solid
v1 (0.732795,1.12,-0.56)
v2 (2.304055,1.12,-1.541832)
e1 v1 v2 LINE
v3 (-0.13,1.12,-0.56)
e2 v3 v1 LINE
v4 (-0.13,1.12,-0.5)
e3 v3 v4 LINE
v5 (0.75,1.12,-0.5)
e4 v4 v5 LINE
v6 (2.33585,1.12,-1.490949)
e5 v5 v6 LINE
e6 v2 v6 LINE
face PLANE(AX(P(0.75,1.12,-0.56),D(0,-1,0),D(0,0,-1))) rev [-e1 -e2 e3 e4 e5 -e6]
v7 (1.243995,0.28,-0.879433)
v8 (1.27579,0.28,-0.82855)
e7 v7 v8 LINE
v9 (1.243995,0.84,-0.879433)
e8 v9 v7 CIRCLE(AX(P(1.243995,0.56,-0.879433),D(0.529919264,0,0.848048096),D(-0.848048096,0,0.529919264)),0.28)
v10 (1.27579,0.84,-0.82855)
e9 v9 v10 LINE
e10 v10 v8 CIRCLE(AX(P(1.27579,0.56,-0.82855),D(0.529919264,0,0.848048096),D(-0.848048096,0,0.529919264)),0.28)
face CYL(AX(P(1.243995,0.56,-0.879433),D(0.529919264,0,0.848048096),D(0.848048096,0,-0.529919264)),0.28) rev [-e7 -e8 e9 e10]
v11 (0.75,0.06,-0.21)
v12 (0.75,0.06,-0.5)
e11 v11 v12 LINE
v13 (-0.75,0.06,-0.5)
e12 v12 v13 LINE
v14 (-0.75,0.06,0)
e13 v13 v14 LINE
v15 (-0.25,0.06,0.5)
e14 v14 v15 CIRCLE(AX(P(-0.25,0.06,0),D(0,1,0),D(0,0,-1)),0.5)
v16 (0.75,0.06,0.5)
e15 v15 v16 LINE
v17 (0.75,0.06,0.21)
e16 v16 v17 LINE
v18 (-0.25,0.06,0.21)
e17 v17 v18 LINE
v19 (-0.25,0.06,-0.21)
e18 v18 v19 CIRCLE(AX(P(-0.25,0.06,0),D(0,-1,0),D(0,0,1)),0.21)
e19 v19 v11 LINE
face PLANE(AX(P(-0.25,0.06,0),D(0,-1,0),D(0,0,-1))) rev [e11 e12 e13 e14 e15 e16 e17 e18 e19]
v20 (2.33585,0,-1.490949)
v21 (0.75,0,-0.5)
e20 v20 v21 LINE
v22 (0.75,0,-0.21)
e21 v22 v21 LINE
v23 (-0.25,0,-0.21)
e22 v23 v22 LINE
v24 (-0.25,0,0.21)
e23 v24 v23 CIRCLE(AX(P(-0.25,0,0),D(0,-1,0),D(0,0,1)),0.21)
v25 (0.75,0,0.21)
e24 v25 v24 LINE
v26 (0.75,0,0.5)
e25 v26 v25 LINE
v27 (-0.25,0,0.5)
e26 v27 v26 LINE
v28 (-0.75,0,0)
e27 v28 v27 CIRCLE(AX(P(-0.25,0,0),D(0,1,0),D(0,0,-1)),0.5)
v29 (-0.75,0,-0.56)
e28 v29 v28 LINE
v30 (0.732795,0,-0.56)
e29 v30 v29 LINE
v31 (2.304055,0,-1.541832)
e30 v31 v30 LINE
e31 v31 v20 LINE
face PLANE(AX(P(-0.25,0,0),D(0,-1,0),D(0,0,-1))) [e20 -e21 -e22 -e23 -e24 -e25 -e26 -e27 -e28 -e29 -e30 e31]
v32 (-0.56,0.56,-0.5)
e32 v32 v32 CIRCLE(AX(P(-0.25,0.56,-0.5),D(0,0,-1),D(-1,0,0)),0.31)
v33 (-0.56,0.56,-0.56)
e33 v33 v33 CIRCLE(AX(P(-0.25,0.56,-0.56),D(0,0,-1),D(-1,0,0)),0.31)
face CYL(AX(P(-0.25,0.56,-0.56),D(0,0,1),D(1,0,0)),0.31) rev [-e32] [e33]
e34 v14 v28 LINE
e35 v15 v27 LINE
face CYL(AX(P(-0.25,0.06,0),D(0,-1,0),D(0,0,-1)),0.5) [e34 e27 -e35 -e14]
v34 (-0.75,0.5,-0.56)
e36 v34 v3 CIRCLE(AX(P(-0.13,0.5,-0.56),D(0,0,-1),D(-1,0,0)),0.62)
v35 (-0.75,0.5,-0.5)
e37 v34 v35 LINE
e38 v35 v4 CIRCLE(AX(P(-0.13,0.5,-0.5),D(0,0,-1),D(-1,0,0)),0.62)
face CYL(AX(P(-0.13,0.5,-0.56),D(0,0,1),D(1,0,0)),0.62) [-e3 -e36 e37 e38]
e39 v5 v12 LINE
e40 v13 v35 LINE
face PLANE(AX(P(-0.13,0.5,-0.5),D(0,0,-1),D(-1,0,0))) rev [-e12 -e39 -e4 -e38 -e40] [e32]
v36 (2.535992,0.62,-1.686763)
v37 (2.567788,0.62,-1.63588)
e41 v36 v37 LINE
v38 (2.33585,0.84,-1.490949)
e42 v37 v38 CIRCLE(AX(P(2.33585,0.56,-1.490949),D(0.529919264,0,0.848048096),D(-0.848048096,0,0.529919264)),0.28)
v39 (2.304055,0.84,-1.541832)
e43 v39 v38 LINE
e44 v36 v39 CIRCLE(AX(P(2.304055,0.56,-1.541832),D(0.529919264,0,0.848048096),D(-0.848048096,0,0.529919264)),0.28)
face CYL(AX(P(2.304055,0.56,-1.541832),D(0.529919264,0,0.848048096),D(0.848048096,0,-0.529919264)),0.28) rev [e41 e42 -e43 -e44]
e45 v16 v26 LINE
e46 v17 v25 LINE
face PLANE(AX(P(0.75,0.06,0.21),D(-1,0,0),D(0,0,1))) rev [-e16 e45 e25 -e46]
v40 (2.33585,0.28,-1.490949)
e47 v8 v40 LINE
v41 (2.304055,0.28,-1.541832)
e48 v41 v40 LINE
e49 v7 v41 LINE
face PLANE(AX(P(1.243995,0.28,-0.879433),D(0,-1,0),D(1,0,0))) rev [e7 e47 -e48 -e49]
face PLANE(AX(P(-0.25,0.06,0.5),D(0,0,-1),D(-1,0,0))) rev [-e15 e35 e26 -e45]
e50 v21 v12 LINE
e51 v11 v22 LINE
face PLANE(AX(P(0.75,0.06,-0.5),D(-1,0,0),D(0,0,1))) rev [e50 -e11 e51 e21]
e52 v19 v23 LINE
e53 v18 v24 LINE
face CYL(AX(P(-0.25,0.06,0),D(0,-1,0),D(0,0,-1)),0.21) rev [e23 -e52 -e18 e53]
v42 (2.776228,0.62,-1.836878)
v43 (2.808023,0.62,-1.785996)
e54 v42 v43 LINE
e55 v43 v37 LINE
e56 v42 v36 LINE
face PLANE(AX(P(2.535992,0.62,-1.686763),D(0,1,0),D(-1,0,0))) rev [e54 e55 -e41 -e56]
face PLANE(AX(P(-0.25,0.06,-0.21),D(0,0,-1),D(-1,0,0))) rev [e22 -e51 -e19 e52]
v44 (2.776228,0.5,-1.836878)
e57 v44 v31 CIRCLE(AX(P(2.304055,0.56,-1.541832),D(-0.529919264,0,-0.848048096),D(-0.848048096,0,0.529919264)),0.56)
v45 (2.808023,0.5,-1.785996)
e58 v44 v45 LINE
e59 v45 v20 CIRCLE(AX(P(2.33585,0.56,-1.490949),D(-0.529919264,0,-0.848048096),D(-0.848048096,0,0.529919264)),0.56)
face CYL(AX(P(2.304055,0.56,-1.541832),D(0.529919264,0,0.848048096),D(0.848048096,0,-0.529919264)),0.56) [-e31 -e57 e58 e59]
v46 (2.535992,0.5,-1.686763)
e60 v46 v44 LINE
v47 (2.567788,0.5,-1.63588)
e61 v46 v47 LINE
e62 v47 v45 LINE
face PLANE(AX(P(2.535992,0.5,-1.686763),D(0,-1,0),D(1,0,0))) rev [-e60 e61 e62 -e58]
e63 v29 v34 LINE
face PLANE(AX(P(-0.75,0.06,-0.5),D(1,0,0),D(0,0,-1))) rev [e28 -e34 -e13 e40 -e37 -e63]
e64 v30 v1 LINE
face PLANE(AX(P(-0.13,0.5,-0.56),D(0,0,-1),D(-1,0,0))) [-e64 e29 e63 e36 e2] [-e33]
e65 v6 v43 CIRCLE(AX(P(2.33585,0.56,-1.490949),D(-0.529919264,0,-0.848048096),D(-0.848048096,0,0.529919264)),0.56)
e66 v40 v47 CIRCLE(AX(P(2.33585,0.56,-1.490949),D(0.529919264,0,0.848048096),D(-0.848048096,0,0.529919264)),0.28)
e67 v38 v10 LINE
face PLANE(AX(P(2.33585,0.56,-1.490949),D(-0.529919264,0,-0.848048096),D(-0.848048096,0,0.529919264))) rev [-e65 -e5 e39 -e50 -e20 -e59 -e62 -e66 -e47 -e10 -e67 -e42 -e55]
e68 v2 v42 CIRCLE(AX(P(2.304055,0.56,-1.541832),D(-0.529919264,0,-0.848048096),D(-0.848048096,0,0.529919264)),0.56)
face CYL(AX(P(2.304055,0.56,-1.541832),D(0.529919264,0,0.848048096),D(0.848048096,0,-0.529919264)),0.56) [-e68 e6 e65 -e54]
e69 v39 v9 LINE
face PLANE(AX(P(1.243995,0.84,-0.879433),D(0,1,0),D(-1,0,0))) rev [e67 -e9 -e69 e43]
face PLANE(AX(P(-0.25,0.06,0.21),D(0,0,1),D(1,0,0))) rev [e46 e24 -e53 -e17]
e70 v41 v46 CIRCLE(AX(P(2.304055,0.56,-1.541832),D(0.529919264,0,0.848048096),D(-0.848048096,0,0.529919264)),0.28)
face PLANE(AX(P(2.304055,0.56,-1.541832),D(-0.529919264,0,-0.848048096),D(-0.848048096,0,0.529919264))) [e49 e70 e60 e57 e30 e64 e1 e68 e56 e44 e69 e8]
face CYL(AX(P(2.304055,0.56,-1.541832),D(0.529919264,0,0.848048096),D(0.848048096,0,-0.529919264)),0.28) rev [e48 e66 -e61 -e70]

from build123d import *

# Parameters (mm, degrees)
BOSS_EXTRUDE1_DEPTH = 0.06
SKETCH3_R           = 0.31
BOSS_EXTRUDE2_DEPTH = 0.06
BOSS_EXTRUDE3_DEPTH = 0.06


with BuildPart() as part:
    # Sketch1 → Boss-Extrude1 (new body)
    with BuildSketch(Plane(origin=(0, 0, 0), x_dir=(1, 0, 0), z_dir=(0, 1, 0))):
        with BuildLine():
            Line((-0.75, 0.5), (0.75, 0.5))
            Line((0.75, 0.5), (0.75, 0.21))
            Line((0.75, 0.21), (-0.25, 0.21))
            ThreePointArc((-0.25, 0.21), (-0.46, 0), (-0.25, -0.21))
            Line((-0.25, -0.21), (0.75, -0.21))
            Line((0.75, -0.21), (0.75, -0.5))
            Line((0.75, -0.5), (-0.25, -0.5))
            ThreePointArc((-0.25, -0.5), (-0.603553391, -0.353553391), (-0.75, 0))
            Line((-0.75, 0), (-0.75, 0.5))
        make_face()
    extrude(amount=BOSS_EXTRUDE1_DEPTH)

    # Sketch3 → Boss-Extrude2 (add)
    with BuildSketch(Plane(origin=(0, 0, -0.5), x_dir=(-1, 0, 0), z_dir=(0, 0, -1))):
        with BuildLine():
            Line((-0.75, 0), (0.75, 0))
            Line((0.75, 0), (0.75, 0.5))
            ThreePointArc((0.75, 0.5), (0.568406204, 0.938406204), (0.13, 1.12))
            Line((0.13, 1.12), (-0.75, 1.12))
            Line((-0.75, 1.12), (-0.75, 0))
        make_face()
        with Locations((0.25, 0.56)):
            Circle(SKETCH3_R, mode=Mode.SUBTRACT)
    extrude(amount=BOSS_EXTRUDE2_DEPTH)

    # Sketch6 → Boss-Extrude3 (add)
    with BuildSketch(Plane(origin=(-0.014087692, 0, -0.022545019), x_dir=(-0.8480480961564253, 0, 0.529919264233206), z_dir=(-0.529919264233206, 0, -0.8480480961564253))):
        with BuildLine():
            Line((-0.900995704, 1.12), (-2.770995704, 1.12))
            ThreePointArc((-2.770995704, 1.12), (-3.145161443, 0.976653333), (-3.327772141, 0.62))
            Line((-3.327772141, 0.62), (-3.044491591, 0.62))
            ThreePointArc((-3.044491591, 0.62), (-2.946494992, 0.778174242), (-2.770995704, 0.84))
            Line((-2.770995704, 0.84), (-1.520995704, 0.84))
            ThreePointArc((-1.520995704, 0.84), (-1.240995704, 0.56), (-1.520995704, 0.28))
            Line((-1.520995704, 0.28), (-2.770995704, 0.28))
            ThreePointArc((-2.770995704, 0.28), (-2.946494992, 0.341825758), (-3.044491591, 0.5))
            Line((-3.044491591, 0.5), (-3.327772141, 0.5))
            ThreePointArc((-3.327772141, 0.5), (-3.145161443, 0.143346667), (-2.770995704, 0))
            Line((-2.770995704, 0), (-0.900995704, 0))
            Line((-0.900995704, 0), (-0.900995704, 1.12))
        make_face()
    extrude(amount=BOSS_EXTRUDE3_DEPTH)


solid = part.part
